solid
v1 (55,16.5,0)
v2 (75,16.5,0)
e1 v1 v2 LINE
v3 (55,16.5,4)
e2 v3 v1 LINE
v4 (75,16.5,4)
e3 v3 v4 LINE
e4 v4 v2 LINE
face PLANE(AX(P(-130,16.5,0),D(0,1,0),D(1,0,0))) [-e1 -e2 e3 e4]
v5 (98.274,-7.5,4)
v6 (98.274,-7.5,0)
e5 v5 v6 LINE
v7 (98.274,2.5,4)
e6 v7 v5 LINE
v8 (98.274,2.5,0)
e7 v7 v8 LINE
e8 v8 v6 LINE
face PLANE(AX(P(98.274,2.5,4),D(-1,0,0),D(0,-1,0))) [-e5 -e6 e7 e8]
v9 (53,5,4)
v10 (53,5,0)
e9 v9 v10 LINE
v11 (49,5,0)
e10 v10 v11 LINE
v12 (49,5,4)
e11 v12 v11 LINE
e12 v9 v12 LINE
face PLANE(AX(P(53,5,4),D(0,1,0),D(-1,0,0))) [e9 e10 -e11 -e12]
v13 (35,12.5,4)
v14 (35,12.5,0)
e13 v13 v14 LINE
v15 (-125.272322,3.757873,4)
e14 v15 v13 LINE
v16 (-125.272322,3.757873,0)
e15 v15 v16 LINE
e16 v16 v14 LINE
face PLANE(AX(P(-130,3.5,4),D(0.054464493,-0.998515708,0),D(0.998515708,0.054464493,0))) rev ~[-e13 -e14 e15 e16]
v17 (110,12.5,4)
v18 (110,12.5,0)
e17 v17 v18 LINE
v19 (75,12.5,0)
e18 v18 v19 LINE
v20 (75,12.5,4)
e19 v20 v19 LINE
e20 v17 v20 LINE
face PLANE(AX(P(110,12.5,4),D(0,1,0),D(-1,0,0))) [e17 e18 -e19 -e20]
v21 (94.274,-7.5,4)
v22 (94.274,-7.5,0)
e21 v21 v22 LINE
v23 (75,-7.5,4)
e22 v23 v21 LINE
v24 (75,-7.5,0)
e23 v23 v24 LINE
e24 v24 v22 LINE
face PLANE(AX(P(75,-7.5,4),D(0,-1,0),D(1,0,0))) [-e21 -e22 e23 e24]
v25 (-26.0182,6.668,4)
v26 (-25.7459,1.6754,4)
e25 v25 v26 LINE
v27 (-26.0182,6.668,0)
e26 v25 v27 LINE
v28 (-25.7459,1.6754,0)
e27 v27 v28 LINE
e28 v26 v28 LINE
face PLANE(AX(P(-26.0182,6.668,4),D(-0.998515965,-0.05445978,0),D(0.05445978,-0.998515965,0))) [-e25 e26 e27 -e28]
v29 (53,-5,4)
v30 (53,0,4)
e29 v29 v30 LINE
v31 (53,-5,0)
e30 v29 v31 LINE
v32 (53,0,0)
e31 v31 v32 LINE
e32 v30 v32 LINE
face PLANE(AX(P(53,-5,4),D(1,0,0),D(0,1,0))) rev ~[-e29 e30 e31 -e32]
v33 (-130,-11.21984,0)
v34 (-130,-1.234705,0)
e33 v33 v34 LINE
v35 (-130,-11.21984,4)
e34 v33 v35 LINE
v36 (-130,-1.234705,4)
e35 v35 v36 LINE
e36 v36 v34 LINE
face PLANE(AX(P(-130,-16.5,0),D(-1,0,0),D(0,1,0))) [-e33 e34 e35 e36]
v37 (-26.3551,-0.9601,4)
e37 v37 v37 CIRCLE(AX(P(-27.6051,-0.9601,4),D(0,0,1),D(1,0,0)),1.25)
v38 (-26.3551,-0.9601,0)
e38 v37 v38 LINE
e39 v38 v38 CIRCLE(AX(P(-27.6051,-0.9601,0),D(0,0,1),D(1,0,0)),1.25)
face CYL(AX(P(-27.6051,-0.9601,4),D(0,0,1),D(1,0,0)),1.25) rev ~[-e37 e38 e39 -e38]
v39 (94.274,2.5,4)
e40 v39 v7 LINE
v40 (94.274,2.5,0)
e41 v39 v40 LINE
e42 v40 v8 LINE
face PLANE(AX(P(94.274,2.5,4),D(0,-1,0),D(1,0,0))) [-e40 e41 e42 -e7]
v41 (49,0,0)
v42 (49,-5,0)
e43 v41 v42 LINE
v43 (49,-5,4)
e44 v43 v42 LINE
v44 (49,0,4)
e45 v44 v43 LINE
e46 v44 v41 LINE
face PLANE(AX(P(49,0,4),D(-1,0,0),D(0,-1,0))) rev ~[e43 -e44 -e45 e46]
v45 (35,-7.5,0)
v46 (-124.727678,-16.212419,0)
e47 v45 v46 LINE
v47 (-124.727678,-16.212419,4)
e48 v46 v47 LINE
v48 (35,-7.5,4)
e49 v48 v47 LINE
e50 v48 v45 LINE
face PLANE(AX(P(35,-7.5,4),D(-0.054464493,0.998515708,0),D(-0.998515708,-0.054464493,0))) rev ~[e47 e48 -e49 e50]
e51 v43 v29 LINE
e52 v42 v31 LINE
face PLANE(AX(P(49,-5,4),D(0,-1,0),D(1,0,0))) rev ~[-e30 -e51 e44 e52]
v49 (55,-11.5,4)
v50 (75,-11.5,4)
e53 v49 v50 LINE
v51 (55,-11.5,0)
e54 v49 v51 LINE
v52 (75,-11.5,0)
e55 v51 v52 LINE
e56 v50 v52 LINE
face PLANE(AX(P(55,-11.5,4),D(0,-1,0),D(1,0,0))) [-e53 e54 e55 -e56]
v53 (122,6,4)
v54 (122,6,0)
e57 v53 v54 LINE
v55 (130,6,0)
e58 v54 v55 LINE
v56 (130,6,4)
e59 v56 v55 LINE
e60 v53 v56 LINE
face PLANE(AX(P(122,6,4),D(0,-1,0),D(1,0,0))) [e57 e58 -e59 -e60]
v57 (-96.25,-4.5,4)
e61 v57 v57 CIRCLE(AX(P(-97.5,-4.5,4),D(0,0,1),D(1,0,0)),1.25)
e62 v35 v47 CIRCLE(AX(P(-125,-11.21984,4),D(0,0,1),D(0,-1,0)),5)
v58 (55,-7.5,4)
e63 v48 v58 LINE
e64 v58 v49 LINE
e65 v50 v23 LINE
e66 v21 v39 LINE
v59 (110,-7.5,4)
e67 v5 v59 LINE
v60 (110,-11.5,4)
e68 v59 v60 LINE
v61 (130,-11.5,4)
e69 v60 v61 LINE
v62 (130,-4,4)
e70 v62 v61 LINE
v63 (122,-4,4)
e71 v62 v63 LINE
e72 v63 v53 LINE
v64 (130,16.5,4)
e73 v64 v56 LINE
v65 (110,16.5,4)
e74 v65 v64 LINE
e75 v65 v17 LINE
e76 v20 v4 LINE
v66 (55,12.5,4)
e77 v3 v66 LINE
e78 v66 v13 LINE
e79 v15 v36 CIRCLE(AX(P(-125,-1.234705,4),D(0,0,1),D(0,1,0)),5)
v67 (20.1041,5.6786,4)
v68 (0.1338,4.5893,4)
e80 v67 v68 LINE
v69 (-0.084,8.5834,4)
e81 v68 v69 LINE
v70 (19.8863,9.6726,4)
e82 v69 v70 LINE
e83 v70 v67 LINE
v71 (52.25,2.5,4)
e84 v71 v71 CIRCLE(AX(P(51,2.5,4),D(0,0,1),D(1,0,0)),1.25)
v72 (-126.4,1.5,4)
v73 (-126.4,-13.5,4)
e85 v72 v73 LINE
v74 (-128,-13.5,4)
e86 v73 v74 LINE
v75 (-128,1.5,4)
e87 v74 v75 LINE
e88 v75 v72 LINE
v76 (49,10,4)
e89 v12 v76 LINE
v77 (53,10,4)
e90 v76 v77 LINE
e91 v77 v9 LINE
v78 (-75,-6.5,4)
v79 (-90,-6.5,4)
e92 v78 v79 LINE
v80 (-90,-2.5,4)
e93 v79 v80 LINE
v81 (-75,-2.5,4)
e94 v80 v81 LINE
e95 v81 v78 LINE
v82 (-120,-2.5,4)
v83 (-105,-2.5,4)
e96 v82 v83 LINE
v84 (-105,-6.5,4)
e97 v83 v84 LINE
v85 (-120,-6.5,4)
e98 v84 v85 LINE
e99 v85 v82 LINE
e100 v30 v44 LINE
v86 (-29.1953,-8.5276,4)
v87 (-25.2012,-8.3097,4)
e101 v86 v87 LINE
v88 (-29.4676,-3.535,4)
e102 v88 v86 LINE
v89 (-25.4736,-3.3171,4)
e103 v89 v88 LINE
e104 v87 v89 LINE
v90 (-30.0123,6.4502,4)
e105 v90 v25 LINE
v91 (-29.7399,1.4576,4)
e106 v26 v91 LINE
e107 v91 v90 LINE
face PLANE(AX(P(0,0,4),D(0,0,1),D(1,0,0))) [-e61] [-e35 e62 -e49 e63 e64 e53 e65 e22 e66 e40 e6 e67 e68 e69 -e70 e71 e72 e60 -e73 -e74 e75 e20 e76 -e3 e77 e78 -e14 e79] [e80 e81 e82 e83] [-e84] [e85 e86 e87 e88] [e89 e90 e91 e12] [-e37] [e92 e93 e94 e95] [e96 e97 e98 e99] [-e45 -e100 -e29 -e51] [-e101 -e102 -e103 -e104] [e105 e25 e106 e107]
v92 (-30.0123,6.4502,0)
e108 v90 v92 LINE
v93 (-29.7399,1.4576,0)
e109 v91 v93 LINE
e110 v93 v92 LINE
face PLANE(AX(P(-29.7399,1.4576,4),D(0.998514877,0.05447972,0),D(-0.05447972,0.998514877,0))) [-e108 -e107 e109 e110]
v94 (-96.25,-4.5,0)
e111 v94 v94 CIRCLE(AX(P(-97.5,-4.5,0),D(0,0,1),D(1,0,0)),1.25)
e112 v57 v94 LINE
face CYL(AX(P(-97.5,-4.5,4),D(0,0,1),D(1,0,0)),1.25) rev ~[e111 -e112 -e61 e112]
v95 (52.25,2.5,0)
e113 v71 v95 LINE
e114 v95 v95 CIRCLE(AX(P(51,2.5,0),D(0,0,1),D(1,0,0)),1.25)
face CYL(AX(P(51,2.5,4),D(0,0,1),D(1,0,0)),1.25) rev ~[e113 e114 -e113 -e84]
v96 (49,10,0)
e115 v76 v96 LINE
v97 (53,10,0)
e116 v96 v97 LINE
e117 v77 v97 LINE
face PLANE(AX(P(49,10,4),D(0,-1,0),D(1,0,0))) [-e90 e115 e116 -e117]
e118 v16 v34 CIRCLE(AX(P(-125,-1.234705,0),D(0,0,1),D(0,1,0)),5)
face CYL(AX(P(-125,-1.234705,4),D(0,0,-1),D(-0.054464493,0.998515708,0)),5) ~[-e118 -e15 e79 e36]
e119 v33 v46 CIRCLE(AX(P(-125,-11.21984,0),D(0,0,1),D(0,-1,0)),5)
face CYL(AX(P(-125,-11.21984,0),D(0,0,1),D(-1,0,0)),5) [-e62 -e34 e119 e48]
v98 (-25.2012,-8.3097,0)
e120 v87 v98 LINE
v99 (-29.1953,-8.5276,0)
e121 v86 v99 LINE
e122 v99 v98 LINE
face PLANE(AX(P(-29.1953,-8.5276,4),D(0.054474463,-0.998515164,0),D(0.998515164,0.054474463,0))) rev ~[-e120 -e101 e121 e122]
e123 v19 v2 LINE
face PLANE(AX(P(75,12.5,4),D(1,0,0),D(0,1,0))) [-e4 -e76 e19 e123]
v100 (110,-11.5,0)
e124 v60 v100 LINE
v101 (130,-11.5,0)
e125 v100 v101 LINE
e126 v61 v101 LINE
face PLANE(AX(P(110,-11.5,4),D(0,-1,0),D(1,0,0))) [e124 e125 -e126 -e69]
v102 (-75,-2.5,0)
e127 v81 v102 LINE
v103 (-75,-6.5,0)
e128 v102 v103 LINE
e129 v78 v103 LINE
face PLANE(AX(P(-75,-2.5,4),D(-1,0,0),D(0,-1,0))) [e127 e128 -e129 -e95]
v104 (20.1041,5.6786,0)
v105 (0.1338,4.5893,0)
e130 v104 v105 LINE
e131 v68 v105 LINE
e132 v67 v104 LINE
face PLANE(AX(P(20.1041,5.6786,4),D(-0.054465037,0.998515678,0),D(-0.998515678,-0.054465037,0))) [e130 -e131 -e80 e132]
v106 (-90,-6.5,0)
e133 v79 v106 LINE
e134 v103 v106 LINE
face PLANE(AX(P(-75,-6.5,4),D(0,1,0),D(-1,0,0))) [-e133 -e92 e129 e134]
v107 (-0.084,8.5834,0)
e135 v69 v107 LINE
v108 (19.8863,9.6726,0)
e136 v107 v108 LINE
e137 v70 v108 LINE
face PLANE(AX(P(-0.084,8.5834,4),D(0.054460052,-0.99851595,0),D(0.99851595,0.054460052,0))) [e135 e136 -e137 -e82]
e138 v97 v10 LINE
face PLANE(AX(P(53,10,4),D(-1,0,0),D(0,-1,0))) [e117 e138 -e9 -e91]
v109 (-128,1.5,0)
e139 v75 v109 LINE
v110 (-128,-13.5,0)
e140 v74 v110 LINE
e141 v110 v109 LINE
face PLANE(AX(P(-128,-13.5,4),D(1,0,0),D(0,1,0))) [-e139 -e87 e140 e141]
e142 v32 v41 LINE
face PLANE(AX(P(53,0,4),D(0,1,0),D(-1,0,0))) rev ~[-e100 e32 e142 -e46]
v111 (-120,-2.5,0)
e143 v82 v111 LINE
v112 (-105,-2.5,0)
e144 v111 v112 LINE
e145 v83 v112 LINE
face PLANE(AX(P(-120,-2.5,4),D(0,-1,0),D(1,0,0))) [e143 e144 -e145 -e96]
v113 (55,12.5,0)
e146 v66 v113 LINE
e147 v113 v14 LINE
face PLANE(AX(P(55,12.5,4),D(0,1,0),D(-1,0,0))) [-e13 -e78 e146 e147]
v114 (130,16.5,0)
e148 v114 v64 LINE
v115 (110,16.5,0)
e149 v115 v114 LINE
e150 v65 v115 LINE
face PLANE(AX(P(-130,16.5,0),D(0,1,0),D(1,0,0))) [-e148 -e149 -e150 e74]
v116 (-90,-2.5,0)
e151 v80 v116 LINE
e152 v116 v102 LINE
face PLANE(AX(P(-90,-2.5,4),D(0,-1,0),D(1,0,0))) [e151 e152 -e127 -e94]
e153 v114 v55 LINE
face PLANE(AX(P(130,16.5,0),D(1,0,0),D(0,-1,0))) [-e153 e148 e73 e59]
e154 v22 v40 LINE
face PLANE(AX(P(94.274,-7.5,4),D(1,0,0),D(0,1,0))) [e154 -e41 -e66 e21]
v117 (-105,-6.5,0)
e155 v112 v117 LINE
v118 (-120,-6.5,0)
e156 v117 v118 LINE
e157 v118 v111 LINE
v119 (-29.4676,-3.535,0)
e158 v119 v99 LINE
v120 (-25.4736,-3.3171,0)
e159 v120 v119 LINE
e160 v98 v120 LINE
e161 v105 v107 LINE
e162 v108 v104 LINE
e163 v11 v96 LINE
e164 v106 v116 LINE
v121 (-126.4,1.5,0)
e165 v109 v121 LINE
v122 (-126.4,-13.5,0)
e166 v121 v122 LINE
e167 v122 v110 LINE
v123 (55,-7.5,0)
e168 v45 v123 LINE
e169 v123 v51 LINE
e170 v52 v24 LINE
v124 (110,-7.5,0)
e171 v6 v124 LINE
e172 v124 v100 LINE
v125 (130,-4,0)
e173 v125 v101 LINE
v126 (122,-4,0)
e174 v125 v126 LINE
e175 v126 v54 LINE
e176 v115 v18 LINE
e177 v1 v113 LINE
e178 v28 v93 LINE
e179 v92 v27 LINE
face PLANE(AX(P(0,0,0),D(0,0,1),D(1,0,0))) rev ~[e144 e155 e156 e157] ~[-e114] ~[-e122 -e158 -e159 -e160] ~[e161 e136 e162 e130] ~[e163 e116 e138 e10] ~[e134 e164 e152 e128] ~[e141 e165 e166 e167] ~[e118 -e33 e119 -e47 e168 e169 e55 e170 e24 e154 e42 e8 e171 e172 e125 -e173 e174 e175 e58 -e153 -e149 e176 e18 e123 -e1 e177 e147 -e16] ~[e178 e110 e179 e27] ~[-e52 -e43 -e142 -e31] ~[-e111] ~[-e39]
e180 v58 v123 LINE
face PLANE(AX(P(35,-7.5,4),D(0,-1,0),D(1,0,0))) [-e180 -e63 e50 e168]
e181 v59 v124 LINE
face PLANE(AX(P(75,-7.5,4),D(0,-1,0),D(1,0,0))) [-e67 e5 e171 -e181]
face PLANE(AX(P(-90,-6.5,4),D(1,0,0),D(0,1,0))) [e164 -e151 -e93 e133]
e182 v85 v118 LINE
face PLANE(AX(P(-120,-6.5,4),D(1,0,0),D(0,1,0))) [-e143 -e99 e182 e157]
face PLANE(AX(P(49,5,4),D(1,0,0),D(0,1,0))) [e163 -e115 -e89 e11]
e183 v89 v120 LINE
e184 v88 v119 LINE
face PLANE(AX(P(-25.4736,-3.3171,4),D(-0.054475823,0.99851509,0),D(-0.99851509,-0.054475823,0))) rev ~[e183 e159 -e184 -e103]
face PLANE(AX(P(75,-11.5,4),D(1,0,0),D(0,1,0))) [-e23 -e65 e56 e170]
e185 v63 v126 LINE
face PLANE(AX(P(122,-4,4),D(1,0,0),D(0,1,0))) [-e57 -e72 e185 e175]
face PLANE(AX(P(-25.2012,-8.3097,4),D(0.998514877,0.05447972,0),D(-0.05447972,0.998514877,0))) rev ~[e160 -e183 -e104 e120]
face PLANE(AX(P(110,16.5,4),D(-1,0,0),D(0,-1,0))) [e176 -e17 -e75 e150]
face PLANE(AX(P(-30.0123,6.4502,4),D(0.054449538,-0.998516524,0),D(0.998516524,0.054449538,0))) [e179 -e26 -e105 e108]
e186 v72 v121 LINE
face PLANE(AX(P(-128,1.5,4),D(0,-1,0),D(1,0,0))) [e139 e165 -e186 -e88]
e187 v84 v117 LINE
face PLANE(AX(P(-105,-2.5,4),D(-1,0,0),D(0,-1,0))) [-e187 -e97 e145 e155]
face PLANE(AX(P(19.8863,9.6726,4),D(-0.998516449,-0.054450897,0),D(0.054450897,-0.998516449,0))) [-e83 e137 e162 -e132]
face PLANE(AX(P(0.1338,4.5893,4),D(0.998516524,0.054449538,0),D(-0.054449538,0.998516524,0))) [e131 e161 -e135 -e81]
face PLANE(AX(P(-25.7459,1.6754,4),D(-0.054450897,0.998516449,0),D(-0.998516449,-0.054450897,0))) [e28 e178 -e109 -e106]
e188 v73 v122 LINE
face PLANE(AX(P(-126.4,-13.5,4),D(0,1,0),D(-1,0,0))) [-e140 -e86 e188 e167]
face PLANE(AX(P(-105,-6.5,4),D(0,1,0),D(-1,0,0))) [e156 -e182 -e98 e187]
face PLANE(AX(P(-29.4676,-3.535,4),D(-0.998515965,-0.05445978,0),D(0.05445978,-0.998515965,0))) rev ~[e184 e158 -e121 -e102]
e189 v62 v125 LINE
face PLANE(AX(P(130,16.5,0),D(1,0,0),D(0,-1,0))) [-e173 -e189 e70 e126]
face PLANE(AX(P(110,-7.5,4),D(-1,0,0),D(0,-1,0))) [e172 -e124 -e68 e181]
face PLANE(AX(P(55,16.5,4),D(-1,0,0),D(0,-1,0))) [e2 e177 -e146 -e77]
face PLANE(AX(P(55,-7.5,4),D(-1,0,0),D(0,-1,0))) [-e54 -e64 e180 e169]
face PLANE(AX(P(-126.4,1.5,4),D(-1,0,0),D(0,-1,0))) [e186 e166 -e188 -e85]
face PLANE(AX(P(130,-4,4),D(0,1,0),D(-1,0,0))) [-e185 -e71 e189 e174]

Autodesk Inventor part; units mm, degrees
ref_plane "YZ Plane" through (0, 0, 0) normal (1, 0, 0) x (0, 1, 0)
ref_plane "XZ Plane" through (0, 0, 0) normal (0, 1, 0) x (-1, 0, 0)
ref_plane "XY Plane" through (0, 0, 0) normal (0, 0, 1) x (1, 0, 0)
sketch "Sketch1" plane through (0, 0, 0) normal (0, 0, 1) x (1, 0, 0)
  line L0 (-130, 16.5) -> (130, 16.5)
  line L1 (130, 16.5) -> (130, -16.5)
  line L2 (130, -16.5) -> (-130, -16.5)
  line L3 (-130, -16.5) -> (-130, 16.5)
  point P0 (0, 0)
  dimension "d0" = 260
  dimension "d1" = 33
  dimension "d2" = 16.5
  dimension "d3" = 130
extrude "Base" add sketch "Sketch1" along normal blind 4
sketch "Sketch2" plane through (0, 0, 4) normal (0, 0, 1) x (1, 0, 0)
  line L0 (130, 16.5) -> (130, -16.5) projected
  line L1 (-130, 16.5) -> (130, 16.5) projected
  line L2 (-130, -16.5) -> (-130, 16.5) projected
  line L3 (130, -16.5) -> (-130, -16.5) projected
  line L4 (75, 16.5) -> (110, 16.5)
  line L5 (110, 16.5) -> (110, 12.5)
  line L6 (110, 12.5) -> (75, 12.5)
  line L7 (75, 12.5) -> (75, 16.5)
  line L8 (-130, 16.5) -> (55, 16.5)
  line L9 (55, 16.5) -> (55, 12.5)
  line L10 (55, 12.5) -> (-130, 12.5)
  line L11 (-130, 12.5) -> (-130, 16.5)
  line L12 (35, -7.5) -> (55, -7.5)
  line L13 (55, -7.5) -> (55, -16.5)
  line L14 (55, -16.5) -> (35, -16.5)
  line L15 (35, -16.5) -> (35, -7.5)
  line L16 (75, -7.5) -> (110, -7.5)
  line L17 (110, -7.5) -> (110, -16.5)
  line L18 (110, -16.5) -> (75, -16.5)
  line L19 (75, -16.5) -> (75, -7.5)
  line L20 (110, -11.5) -> (130, -11.5)
  line L21 (130, -11.5) -> (130, -16.5)
  line L22 (130, -16.5) -> (110, -16.5)
  line L23 (110, -16.5) -> (110, -11.5)
  line L24 (55, -11.5) -> (75, -11.5)
  line L25 (75, -11.5) -> (75, -16.5)
  line L26 (75, -16.5) -> (55, -16.5)
  line L27 (55, -16.5) -> (55, -11.5)
  point P0 (0, 0)
  dimension "d6" = 35
  dimension "d7" = 4
  dimension "d8" = 0
  dimension "d9" = 20
  dimension "d10" = 185
  dimension "d11" = 4
  dimension "d12" = 0
  dimension "d13" = 0
  dimension "d14" = 20
  dimension "d15" = 20
  dimension "d16" = 9
  dimension "d17" = 0
  dimension "d18" = 165
  dimension "d19" = 35
  dimension "d20" = 9
  dimension "d21" = 0
  dimension "d22" = 20
  dimension "d23" = 20
  dimension "d24" = 5
  dimension "d25" = 20
  dimension "d26" = 5
  dimension "d27" = 0
  dimension "d28" = 0
  dimension "d29" = 0
  dimension "d30" = 0
  dimension "d98" = 20
extrude "StructureMounting" cut sketch "Sketch2" against normal blind 4 contours L0 L3 L17 L20 | L5 L6 L7 L1 | L17 L3 L19 L16 | L9 L10 L2 L1 | L3 L13 L24 L19 | L3 L15 L12 L13
sketch "Sketch4" plane through (0, 0, 4) normal (0, 0, 1) x (1, 0, 0)
  line L0 (55, 12.5) -> (-130, 12.5) projected
  line L1 (-130, -16.5) -> (-130, 12.5) projected
  line L2 (35, -16.5) -> (-130, -16.5) projected
  line L3 (35, -16.5) -> (35, -7.5) projected
  line L4 (55, 16.5) -> (55, 12.5) projected
  line L5 (35, -7.5) -> (-130, -16.5)
  line L6 (-130, 3.5) -> (35, 12.5)
  point P0 (0, 0)
  dimension "d42" = 20
  dimension "d43" = 20
extrude "MotorRamp" cut sketch "Sketch4" against normal blind 4
sketch "Sketch5" plane through (0, 0, 4) normal (0, 0, 1) x (1, 0, 0)
  line L0 (110, 12.5) -> (75, 12.5) projected
  line L1 (75, 12.5) -> (75, 16.5) projected
  line L2 (94.274, 12.5) -> (98.274, 12.5)
  line L3 (98.274, 12.5) -> (98.274, 2.5)
  line L4 (98.274, 2.5) -> (94.274, 2.5)
  line L5 (94.274, 2.5) -> (94.274, 12.5)
  line L6 (110, 16.5) -> (110, 12.5) projected
  point P0 (0, 0)
  dimension "d46" = 4
  dimension "d47" = 10
  dimension "d48" = 0
  dimension "d49" = 19.274
  dimension "d100" = 11.726
extrude "LowSleeve" [suppressed]
sketch "Sketch6" plane through (0, 0, 4) normal (0, 0, 1) x (1, 0, 0)
  line L0 (-130, -16.5) -> (-130, 3.5) projected
  line L1 (-120, -2.5) -> (-105, -2.5)
  line L2 (-105, -2.5) -> (-105, -6.5)
  line L3 (-105, -6.5) -> (-120, -6.5)
  line L4 (-120, -6.5) -> (-120, -2.5)
  line L5 (-90, -2.5) -> (-75, -2.5)
  line L6 (-75, -2.5) -> (-75, -6.5)
  line L7 (-75, -6.5) -> (-90, -6.5)
  line L8 (-90, -6.5) -> (-90, -2.5)
  line L9 (98.274, 2.5) -> (94.274, 2.5) projected
  line L10 (-106.4171, -4.5) -> (-87.4505, -4.5) construction
  circle A0 centre (-97.5, -4.5) radius 1.25
  point P0 (0, 0)
  dimension "d63" = 15
  dimension "d64" = 4
  dimension "d67" = 30
  dimension "d72" = 10
  dimension "d73" = 10
  dimension "d166" = 2
  dimension "d167" = 2.5
  dimension "d168" = 7.5
extrude "MotorSleeves" cut sketch "Sketch6" against normal blind 4
sketch "Sketch10" plane through (0, 0, 4) normal (0, 0, 1) x (1, 0, 0)
  line L0 (130, 16.5) -> (130, -11.5) projected
  line L1 (122, 6) -> (130, 6)
  line L2 (130, 6) -> (130, -4)
  line L3 (130, -4) -> (122, -4)
  line L4 (122, -4) -> (122, 6)
  point P0 (0, 0)
  dimension "d109" = 8
  dimension "d110" = 10
  dimension "d111" = 0
  dimension "d112" = 4
extrude "Cabling" cut sketch "Sketch10" against normal blind 4
sketch "Sketch12" plane through (0, 0, 4) normal (0, 0, 1) x (1, 0, 0)
  line L0 (35, 12.5) -> (-130, 3.5) projected
  line L1 (-0.084, 8.5834) -> (19.8863, 9.6726)
  line L2 (19.8863, 9.6726) -> (20.1041, 5.6786)
  line L3 (20.1041, 5.6786) -> (0.1338, 4.5893)
  line L4 (0.1338, 4.5893) -> (-0.084, 8.5834)
  point P0 (0, 0)
  dimension "d124" = 4
  dimension "d125" = 20
  dimension "d126" = 2
  dimension "d127" = 130
extrude "ESCholder" cut sketch "Sketch12" against normal blind 4
sketch "Sketch13" plane through (0, 0, 4) normal (0, 0, 1) x (1, 0, 0)
  line L0 (55, 16.5) -> (55, 12.5) projected
  line L1 (55, 12.5) -> (35, 12.5) projected
  line L2 (35, 12.5) -> (-130, 3.5) projected
  line L3 (-130, -16.5) -> (35, -7.5) projected
  line L4 (-30.0123, 6.4502) -> (-26.0182, 6.668)
  line L5 (-26.0182, 6.668) -> (-25.7459, 1.6754)
  line L6 (-25.7459, 1.6754) -> (-29.7399, 1.4576)
  line L7 (-29.7399, 1.4576) -> (-30.0123, 6.4502)
  line L8 (-47.5366, -2.0169) -> (-6.9954, 0.1945) construction
  line L9 (-29.1953, -8.5276) -> (-25.2012, -8.3097)
  line L10 (-25.2012, -8.3097) -> (-25.4736, -3.3171)
  line L11 (-25.4736, -3.3171) -> (-29.4676, -3.535)
  line L12 (-29.4676, -3.535) -> (-29.1953, -8.5276)
  line L13 (20.1041, 5.6786) -> (0.1338, 4.5893) projected
  line L14 (-27.9377, 5.1382) -> (-27.2725, -7.0585) construction
  circle A0 centre (-27.6051, -0.9601) radius 1.25
  line L15 (49, 10) -> (53, 10)
  line L16 (53, 10) -> (53, 5)
  line L17 (53, 5) -> (49, 5)
  line L18 (49, 5) -> (49, 10)
  line L19 (39.5253, 2.5) -> (63.8345, 2.5) construction
  line L20 (49, -5) -> (53, -5)
  line L21 (53, -5) -> (53, 0)
  line L22 (53, 0) -> (49, 0)
  line L23 (49, 0) -> (49, -5)
  circle A1 centre (51, 2.5) radius 1.25
  point P0 (0, 0)
  dimension "d134" = 2.5
  dimension "d135" = 7.5
  dimension "d136" = 4
  dimension "d137" = 100
  dimension "d140" = 10
  dimension "d151" = 2
  dimension "d152" = 2.5
  dimension "d153" = 4
  dimension "d154" = 5
  dimension "d155" = 2.5
  dimension "d156" = 6
  dimension "d157" = 10
  dimension "d158" = 2.5
  dimension "d159" = 2
extrude "CrossSupports" cut sketch "Sketch13" against normal blind 10
sketch "Sketch14" plane through (0, 0, 4) normal (0, 0, 1) x (1, 0, 0)
  line L0 (110, 12.5) -> (75, 12.5) projected
  circle A0 centre (113, 8) radius 3
  circle A1 centre (105, 8) radius 3
  point P0 (98.274, 12.5)
  point P1 (0, 0)
  dimension "d141" = 6
  dimension "d142" = 6
  dimension "d143" = 4.5
  dimension "d144" = 4.5
  dimension "d145" = 3
  dimension "d146" = 8
extrude "ESCpowerHoles" [suppressed]
sketch "Sketch15" plane through (0, 0, 4) normal (0, 0, 1) x (1, 0, 0)
  line L0 (75, -7.5) -> (110, -7.5) projected
  line L1 (94.274, 2.5) -> (98.274, 2.5)
  line L2 (98.274, 2.5) -> (98.274, -7.5)
  line L3 (98.274, -7.5) -> (94.274, -7.5)
  line L4 (94.274, -7.5) -> (94.274, 2.5)
  point P0 (0, 0)
extrude "HighSleeve" cut sketch "Sketch15" against normal blind 10
sketch "Sketch16" plane through (0, 0, 4) normal (0, 0, 1) x (1, 0, 0)
  line L0 (-130, -16.5) -> (-130, 3.5) projected
  line L1 (-128, 1.5) -> (-126.4, 1.5)
  line L2 (-126.4, 1.5) -> (-126.4, -13.5)
  line L3 (-126.4, -13.5) -> (-128, -13.5)
  line L4 (-128, -13.5) -> (-128, 1.5)
  point P0 (0, 0)
  dimension "d160" = 1.6
  dimension "d161" = 15
  dimension "d162" = 2
  dimension "d163" = 2
extrude "WingLedCutout" cut sketch "Sketch16" against normal blind 10
fillet "ImpactReduction" radius 5 2 edges at (-130, 3.5, 2) (-130, -16.5, 2)
properties part number "ArmInsideHigh"
